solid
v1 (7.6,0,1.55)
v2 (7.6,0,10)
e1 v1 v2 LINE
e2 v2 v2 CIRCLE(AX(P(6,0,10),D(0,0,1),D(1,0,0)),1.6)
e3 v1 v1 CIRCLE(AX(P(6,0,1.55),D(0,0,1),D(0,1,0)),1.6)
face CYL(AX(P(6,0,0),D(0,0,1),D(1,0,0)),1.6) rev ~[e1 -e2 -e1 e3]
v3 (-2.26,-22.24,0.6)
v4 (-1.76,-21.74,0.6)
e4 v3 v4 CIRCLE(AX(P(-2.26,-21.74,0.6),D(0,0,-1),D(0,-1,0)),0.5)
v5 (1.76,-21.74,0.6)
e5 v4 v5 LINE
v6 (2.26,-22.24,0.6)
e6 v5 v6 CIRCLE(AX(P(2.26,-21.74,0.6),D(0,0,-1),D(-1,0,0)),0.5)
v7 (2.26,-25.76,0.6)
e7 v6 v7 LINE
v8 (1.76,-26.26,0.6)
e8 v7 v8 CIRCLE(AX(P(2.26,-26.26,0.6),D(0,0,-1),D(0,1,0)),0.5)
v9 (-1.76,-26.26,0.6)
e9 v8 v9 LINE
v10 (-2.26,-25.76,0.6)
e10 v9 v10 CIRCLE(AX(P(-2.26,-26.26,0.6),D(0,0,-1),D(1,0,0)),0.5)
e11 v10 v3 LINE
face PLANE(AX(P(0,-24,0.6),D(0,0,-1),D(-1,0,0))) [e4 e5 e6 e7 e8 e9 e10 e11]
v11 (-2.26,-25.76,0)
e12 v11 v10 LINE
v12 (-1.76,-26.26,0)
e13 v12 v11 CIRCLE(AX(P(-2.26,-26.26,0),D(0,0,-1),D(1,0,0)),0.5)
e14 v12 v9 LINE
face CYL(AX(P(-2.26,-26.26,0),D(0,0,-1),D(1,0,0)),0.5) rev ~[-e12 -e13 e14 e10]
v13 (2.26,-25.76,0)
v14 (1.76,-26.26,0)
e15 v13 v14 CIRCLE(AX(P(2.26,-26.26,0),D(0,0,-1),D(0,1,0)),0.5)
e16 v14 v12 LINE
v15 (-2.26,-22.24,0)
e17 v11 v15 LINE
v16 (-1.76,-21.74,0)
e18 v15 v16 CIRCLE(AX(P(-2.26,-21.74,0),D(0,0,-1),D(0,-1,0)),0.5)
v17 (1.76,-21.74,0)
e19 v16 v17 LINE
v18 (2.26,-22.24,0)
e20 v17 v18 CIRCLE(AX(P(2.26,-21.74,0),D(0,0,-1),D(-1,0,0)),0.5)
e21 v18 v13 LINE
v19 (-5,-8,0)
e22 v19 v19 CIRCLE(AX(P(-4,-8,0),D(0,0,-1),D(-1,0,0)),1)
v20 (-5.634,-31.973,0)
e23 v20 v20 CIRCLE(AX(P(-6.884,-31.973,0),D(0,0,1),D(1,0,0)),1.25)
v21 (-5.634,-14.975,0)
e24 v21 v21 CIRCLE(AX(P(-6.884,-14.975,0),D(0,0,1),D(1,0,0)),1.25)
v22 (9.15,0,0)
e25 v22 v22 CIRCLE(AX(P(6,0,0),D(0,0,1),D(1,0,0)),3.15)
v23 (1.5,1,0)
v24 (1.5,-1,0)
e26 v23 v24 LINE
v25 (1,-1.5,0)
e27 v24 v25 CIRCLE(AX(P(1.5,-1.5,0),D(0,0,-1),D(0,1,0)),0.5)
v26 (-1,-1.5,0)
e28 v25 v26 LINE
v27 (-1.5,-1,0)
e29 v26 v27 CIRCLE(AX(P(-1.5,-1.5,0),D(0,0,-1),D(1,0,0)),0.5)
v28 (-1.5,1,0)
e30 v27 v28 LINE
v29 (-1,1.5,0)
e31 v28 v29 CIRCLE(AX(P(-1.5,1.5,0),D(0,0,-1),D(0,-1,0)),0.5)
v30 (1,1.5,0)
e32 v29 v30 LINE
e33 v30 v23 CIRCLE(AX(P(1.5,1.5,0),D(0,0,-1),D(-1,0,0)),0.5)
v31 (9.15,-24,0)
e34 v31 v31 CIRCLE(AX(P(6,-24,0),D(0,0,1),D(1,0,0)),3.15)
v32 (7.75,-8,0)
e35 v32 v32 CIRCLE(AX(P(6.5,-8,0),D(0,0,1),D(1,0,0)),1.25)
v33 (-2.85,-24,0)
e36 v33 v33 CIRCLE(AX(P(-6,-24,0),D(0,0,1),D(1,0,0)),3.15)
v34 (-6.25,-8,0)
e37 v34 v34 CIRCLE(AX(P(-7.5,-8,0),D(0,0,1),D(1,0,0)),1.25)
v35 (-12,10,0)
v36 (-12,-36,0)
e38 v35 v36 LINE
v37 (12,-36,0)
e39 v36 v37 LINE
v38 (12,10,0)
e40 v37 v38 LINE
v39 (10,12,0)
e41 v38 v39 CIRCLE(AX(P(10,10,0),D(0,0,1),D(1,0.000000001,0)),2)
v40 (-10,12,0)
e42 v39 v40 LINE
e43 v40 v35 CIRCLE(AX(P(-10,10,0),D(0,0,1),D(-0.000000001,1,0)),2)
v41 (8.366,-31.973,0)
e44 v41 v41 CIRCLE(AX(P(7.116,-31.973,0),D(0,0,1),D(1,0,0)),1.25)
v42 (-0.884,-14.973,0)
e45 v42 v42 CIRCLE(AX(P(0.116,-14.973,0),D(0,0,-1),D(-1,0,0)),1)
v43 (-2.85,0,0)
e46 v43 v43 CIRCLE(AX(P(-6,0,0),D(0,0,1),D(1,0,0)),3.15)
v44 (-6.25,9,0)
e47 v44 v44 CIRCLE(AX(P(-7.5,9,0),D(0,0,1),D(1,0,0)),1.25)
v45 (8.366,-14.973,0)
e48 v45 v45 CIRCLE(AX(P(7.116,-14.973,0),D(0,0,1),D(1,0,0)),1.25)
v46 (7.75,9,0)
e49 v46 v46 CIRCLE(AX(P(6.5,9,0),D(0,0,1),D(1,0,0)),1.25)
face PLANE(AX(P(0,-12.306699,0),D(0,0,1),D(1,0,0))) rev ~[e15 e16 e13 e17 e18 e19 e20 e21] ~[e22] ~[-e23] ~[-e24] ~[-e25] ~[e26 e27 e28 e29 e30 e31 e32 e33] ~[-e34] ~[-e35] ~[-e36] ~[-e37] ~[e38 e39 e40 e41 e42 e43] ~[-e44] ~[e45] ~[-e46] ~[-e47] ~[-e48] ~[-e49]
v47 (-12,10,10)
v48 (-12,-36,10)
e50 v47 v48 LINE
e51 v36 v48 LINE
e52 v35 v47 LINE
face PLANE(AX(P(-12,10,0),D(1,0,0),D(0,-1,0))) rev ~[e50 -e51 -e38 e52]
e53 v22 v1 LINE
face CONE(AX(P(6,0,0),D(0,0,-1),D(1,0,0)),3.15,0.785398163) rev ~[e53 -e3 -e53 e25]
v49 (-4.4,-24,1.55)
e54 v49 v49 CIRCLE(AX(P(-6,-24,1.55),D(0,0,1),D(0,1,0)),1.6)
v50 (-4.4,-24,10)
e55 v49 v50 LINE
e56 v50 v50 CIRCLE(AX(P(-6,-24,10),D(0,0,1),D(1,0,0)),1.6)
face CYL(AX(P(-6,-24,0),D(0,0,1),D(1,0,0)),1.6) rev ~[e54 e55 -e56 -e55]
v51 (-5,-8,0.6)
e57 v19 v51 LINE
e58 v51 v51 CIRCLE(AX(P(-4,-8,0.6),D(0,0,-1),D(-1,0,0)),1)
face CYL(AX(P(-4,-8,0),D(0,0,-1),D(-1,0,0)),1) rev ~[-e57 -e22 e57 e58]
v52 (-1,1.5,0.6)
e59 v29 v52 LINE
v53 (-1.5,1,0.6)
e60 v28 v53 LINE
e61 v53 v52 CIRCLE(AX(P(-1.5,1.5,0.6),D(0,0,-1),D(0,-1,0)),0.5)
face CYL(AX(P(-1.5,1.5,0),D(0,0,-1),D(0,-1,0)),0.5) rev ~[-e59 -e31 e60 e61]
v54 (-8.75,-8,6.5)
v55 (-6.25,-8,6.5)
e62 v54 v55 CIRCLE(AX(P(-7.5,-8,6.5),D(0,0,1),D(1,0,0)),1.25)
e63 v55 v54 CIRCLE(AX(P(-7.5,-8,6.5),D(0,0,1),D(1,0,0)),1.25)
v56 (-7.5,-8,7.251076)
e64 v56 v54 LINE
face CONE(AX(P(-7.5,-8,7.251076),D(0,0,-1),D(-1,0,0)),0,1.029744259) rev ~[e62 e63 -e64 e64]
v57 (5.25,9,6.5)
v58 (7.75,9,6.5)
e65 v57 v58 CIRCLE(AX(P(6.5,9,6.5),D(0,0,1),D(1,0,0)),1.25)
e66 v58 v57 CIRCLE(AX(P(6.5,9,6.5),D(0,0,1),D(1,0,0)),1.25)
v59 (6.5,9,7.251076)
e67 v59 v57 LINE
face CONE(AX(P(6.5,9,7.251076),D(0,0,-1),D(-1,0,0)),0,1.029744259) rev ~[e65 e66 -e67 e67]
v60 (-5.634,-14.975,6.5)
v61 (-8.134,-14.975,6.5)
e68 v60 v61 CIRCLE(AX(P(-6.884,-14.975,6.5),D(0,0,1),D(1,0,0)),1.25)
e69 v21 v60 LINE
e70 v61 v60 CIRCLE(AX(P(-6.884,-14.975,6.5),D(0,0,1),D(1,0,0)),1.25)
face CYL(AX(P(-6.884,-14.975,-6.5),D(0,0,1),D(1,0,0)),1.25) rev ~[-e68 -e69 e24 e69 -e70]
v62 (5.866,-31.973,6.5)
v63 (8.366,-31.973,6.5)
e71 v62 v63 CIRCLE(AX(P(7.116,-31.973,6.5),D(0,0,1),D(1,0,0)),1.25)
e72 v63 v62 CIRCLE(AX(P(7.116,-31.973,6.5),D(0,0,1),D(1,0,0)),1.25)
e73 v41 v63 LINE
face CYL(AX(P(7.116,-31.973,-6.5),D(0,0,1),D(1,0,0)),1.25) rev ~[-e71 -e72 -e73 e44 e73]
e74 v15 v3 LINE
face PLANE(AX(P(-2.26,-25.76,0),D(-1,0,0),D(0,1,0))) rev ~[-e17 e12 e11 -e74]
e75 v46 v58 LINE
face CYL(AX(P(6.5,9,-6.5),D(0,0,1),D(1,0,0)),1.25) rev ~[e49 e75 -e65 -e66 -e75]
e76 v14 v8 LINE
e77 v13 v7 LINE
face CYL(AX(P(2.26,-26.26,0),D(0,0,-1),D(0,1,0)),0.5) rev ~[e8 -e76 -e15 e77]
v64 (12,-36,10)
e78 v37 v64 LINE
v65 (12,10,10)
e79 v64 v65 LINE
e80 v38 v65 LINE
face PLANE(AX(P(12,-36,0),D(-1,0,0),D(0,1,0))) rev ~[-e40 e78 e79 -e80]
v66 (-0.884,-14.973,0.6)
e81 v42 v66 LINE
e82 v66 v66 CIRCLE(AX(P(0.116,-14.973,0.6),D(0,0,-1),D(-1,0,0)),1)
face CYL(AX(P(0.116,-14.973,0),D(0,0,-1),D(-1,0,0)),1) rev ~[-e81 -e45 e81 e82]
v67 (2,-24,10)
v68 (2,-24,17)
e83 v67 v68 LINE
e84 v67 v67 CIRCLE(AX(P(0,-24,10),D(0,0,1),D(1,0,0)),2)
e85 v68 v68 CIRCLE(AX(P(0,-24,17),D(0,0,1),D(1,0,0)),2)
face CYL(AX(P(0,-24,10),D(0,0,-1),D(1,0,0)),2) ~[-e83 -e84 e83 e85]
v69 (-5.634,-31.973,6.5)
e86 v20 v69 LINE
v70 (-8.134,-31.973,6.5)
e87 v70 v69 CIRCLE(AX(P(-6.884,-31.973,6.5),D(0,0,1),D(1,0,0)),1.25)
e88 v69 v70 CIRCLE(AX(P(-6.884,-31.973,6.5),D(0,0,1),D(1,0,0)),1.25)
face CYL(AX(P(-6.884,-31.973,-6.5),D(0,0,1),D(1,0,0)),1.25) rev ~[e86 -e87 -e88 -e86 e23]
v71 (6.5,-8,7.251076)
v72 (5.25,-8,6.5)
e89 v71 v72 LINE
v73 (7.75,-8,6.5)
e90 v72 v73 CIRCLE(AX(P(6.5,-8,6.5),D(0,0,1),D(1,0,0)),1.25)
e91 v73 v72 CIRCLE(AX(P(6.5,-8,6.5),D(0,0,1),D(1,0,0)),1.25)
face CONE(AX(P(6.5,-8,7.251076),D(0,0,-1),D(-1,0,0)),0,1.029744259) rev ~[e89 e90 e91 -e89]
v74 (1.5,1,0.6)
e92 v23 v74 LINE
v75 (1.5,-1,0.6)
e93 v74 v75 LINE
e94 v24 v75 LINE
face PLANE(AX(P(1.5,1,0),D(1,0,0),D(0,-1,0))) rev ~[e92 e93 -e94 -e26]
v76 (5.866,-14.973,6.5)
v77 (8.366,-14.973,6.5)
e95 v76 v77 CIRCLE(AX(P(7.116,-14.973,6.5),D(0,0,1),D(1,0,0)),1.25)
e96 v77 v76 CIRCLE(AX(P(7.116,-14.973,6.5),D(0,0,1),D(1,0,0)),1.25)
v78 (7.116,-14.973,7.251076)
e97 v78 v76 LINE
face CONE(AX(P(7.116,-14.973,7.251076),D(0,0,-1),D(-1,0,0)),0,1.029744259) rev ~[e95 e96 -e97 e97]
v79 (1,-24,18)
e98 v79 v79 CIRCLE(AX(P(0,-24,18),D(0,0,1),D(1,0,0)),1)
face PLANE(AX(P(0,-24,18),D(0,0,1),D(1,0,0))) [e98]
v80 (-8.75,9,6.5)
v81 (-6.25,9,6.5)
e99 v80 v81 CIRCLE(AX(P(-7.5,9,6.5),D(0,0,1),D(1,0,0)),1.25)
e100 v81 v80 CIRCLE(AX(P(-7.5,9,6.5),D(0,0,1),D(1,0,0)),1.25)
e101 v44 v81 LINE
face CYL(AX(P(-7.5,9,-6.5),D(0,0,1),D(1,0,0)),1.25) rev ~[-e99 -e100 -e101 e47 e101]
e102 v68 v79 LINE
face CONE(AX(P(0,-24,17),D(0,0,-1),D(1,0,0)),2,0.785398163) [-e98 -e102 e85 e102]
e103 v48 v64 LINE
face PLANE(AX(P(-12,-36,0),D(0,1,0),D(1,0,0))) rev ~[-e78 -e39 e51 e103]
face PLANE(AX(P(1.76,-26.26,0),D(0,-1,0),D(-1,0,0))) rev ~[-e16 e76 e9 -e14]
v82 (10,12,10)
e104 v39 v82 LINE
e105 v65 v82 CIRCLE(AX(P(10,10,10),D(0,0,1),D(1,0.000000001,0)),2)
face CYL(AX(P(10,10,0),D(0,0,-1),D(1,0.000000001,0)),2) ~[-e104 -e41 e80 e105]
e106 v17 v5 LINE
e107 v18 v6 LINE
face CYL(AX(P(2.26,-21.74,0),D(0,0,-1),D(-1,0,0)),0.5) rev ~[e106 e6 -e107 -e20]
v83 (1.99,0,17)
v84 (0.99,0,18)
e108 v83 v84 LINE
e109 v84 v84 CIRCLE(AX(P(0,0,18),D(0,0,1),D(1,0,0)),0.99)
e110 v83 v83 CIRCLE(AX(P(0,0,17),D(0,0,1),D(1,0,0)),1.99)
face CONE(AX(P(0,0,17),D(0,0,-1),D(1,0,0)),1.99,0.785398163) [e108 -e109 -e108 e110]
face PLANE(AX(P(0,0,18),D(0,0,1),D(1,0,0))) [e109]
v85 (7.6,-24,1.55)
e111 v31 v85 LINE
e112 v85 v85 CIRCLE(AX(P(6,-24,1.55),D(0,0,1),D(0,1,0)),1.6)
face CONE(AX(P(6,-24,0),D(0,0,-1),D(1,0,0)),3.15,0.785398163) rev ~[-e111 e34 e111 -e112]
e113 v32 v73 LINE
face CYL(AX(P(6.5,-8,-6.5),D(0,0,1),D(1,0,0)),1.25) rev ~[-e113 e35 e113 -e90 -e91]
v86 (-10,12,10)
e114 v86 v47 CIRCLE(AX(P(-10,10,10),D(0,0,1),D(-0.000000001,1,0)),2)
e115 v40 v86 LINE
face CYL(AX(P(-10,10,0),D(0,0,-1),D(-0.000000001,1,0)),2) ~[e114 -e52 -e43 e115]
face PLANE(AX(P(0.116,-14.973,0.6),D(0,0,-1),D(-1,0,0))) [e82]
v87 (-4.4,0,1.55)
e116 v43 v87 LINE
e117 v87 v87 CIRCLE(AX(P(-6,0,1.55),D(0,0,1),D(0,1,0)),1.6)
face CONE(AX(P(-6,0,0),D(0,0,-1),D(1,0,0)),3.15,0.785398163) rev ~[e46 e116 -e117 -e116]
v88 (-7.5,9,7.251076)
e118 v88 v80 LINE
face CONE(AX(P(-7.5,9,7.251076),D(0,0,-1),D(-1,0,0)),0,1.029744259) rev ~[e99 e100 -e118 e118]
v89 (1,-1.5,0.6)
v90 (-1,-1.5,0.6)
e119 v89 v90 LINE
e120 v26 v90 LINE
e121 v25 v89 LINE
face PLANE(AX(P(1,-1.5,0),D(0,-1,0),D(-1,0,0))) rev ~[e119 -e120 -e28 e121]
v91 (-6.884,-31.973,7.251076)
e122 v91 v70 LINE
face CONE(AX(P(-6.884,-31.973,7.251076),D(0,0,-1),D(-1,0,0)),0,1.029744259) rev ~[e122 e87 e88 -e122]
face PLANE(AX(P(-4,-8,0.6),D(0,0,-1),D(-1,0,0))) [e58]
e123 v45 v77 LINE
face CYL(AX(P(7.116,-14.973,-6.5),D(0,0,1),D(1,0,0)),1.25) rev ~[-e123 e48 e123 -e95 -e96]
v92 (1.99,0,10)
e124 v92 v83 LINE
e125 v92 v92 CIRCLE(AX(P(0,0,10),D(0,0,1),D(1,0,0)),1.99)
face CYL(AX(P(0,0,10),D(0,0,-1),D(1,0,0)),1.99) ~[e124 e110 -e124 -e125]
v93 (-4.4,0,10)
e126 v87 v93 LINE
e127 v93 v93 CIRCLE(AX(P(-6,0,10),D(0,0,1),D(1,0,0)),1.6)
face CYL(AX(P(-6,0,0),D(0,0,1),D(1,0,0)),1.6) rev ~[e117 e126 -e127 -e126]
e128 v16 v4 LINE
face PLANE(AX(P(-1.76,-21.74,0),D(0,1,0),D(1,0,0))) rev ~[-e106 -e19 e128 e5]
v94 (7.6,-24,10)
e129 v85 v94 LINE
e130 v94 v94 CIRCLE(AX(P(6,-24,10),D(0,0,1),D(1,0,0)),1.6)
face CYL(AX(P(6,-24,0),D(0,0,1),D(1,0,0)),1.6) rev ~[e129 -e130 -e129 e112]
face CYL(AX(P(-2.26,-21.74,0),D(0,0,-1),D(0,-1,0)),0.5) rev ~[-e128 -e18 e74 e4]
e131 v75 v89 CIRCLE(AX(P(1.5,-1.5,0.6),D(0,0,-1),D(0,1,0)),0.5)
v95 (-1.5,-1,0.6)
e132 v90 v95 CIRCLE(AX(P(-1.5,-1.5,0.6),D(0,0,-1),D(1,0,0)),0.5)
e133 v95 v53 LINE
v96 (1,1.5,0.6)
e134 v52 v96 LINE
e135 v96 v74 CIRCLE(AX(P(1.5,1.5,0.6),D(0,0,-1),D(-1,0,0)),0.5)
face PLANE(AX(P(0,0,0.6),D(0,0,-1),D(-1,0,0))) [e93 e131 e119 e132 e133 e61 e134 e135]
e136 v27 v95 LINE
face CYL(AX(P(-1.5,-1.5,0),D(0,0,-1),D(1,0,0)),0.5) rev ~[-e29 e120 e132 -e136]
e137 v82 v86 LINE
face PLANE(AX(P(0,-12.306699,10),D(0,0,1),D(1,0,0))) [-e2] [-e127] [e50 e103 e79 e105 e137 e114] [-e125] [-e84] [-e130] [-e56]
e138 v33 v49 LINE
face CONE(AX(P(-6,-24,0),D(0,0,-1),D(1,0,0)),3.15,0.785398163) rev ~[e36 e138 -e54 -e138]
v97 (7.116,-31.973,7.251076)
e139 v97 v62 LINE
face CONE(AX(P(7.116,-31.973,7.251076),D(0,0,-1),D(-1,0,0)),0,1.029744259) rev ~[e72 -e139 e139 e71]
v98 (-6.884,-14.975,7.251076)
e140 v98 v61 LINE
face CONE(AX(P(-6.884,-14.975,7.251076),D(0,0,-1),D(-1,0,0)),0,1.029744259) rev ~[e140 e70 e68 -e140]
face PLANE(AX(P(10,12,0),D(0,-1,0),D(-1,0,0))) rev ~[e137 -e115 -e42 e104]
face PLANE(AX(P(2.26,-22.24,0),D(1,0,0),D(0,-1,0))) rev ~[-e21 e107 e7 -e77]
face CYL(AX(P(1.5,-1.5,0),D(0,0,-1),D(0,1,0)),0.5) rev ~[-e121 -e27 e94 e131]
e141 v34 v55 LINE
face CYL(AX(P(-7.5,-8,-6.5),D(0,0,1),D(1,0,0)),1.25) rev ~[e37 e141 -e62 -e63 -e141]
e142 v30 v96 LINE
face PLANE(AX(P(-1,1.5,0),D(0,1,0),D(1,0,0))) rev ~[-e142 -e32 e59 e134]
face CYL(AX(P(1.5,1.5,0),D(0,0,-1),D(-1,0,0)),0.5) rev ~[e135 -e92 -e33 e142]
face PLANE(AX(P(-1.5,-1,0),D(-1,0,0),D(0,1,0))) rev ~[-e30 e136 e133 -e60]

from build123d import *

# Parameters (mm, degrees)
BOSS_EXTRUDE1_DEPTH         = 10
SKETCH2_R                   = 1
CUT_EXTRUDE1_DEPTH          = 0.6
SKETCH3_R                   = 1.99
SKETCH3_R_2                 = 2
BOSS_EXTRUDE3_DEPTH         = 8
CHAMFER3_SIZE               = 1
HOLE_WIZARD_M31_D           = 3.2
HOLE_WIZARD_M31_CSINK_D     = 6.3
HOLE_WIZARD_M31_CSINK_ANGLE = 90
M3X0_51_D                   = 2.5
M3X0_51_DEPTH               = 6.5
M3X0_51_TIP                 = 0.751075774


with BuildPart() as part:
    # Sketch1 → Boss-Extrude1 (new body)
    with BuildSketch(Plane.XY):
        with BuildLine():
            Line((-12, -36), (12, -36))
            Line((12, -36), (12, 10))
            ThreePointArc((12, 10), (11.414213562, 11.414213562), (10, 12))
            Line((10, 12), (-10, 12))
            ThreePointArc((-10, 12), (-11.414213562, 11.414213562), (-12, 10))
            Line((-12, 10), (-12, -36))
        make_face()
    extrude(amount=BOSS_EXTRUDE1_DEPTH)

    # Sketch2 → Cut-Extrude1 (cut)
    with BuildSketch(Plane(origin=(0, 0, 0), x_dir=(-1, 0, 0), z_dir=(0, 0, -1))):
        with Locations((4, -8)):
            Circle(SKETCH2_R)
        with Locations((-0.116, -14.973)):
            Circle(SKETCH2_R)
        with BuildLine():
            Line((-1, -1.5), (1, -1.5))
            ThreePointArc((1, -1.5), (1.853553391, -1.853553391), (1.5, -1))
            Line((1.5, -1), (1.5, 1))
            ThreePointArc((1.5, 1), (1.853553391, 1.853553391), (1, 1.5))
            Line((1, 1.5), (-1, 1.5))
            ThreePointArc((-1, 1.5), (-1.853553391, 1.853553391), (-1.5, 1))
            Line((-1.5, 1), (-1.5, -1))
            ThreePointArc((-1.5, -1), (-1.853553391, -1.853553391), (-1, -1.5))
        make_face()
        with BuildLine():
            Line((-1.76, -26.26), (1.76, -26.26))
            ThreePointArc((1.76, -26.26), (2.613553391, -26.613553391), (2.26, -25.76))
            Line((2.26, -25.76), (2.26, -22.24))
            ThreePointArc((2.26, -22.24), (2.613553391, -21.386446609), (1.76, -21.74))
            Line((1.76, -21.74), (-1.76, -21.74))
            ThreePointArc((-1.76, -21.74), (-2.613553391, -21.386446609), (-2.26, -22.24))
            Line((-2.26, -22.24), (-2.26, -25.76))
            ThreePointArc((-2.26, -25.76), (-2.613553391, -26.613553391), (-1.76, -26.26))
        make_face()
    extrude(amount=-CUT_EXTRUDE1_DEPTH, mode=Mode.SUBTRACT)

    # Sketch3 → Boss-Extrude3 (add)
    with BuildSketch(Plane.XY.offset(10)):
        Circle(SKETCH3_R)
        with Locations((0, -24)):
            Circle(SKETCH3_R_2)
    extrude(amount=BOSS_EXTRUDE3_DEPTH)

    # Chamfer3
    chamfer3_edges = [part.edges().sort_by_distance(p)[0] for p in [
        (-1.99, 0, 18),
        (-2, -24, 18),
    ]]
    chamfer(chamfer3_edges, length=CHAMFER3_SIZE)

    # Зенковка для  винта с полупотайной головкой M31 (through all)
    with Locations(Plane(origin=(0, 0, 0), x_dir=(-1, 0, 0), z_dir=(0, 0, -1))):
        with Locations((6, 0), (-6, 0), (-6, -24), (6, -24)):
            CounterSinkHole(HOLE_WIZARD_M31_D / 2, HOLE_WIZARD_M31_CSINK_D / 2, counter_sink_angle=HOLE_WIZARD_M31_CSINK_ANGLE)

    # Отверстие обработанное метчиком M3x0.51
    with Locations(Plane(origin=(0, 0, 0), x_dir=(-1, 0, 0), z_dir=(0, 0, -1))):
        with Locations((-6.5, -8), (-6.5, 9), (7.5, 9), (7.5, -8), (6.884, -14.975), (6.884, -31.973), (-7.116, -14.973), (-7.116, -31.973)):
            Hole(M3X0_51_D / 2, depth=M3X0_51_DEPTH)
            with Locations((0, 0, -(M3X0_51_DEPTH + M3X0_51_TIP / 2))):  # 118° drill point
                Cone(0, M3X0_51_D / 2, M3X0_51_TIP, mode=Mode.SUBTRACT)


solid = part.part
